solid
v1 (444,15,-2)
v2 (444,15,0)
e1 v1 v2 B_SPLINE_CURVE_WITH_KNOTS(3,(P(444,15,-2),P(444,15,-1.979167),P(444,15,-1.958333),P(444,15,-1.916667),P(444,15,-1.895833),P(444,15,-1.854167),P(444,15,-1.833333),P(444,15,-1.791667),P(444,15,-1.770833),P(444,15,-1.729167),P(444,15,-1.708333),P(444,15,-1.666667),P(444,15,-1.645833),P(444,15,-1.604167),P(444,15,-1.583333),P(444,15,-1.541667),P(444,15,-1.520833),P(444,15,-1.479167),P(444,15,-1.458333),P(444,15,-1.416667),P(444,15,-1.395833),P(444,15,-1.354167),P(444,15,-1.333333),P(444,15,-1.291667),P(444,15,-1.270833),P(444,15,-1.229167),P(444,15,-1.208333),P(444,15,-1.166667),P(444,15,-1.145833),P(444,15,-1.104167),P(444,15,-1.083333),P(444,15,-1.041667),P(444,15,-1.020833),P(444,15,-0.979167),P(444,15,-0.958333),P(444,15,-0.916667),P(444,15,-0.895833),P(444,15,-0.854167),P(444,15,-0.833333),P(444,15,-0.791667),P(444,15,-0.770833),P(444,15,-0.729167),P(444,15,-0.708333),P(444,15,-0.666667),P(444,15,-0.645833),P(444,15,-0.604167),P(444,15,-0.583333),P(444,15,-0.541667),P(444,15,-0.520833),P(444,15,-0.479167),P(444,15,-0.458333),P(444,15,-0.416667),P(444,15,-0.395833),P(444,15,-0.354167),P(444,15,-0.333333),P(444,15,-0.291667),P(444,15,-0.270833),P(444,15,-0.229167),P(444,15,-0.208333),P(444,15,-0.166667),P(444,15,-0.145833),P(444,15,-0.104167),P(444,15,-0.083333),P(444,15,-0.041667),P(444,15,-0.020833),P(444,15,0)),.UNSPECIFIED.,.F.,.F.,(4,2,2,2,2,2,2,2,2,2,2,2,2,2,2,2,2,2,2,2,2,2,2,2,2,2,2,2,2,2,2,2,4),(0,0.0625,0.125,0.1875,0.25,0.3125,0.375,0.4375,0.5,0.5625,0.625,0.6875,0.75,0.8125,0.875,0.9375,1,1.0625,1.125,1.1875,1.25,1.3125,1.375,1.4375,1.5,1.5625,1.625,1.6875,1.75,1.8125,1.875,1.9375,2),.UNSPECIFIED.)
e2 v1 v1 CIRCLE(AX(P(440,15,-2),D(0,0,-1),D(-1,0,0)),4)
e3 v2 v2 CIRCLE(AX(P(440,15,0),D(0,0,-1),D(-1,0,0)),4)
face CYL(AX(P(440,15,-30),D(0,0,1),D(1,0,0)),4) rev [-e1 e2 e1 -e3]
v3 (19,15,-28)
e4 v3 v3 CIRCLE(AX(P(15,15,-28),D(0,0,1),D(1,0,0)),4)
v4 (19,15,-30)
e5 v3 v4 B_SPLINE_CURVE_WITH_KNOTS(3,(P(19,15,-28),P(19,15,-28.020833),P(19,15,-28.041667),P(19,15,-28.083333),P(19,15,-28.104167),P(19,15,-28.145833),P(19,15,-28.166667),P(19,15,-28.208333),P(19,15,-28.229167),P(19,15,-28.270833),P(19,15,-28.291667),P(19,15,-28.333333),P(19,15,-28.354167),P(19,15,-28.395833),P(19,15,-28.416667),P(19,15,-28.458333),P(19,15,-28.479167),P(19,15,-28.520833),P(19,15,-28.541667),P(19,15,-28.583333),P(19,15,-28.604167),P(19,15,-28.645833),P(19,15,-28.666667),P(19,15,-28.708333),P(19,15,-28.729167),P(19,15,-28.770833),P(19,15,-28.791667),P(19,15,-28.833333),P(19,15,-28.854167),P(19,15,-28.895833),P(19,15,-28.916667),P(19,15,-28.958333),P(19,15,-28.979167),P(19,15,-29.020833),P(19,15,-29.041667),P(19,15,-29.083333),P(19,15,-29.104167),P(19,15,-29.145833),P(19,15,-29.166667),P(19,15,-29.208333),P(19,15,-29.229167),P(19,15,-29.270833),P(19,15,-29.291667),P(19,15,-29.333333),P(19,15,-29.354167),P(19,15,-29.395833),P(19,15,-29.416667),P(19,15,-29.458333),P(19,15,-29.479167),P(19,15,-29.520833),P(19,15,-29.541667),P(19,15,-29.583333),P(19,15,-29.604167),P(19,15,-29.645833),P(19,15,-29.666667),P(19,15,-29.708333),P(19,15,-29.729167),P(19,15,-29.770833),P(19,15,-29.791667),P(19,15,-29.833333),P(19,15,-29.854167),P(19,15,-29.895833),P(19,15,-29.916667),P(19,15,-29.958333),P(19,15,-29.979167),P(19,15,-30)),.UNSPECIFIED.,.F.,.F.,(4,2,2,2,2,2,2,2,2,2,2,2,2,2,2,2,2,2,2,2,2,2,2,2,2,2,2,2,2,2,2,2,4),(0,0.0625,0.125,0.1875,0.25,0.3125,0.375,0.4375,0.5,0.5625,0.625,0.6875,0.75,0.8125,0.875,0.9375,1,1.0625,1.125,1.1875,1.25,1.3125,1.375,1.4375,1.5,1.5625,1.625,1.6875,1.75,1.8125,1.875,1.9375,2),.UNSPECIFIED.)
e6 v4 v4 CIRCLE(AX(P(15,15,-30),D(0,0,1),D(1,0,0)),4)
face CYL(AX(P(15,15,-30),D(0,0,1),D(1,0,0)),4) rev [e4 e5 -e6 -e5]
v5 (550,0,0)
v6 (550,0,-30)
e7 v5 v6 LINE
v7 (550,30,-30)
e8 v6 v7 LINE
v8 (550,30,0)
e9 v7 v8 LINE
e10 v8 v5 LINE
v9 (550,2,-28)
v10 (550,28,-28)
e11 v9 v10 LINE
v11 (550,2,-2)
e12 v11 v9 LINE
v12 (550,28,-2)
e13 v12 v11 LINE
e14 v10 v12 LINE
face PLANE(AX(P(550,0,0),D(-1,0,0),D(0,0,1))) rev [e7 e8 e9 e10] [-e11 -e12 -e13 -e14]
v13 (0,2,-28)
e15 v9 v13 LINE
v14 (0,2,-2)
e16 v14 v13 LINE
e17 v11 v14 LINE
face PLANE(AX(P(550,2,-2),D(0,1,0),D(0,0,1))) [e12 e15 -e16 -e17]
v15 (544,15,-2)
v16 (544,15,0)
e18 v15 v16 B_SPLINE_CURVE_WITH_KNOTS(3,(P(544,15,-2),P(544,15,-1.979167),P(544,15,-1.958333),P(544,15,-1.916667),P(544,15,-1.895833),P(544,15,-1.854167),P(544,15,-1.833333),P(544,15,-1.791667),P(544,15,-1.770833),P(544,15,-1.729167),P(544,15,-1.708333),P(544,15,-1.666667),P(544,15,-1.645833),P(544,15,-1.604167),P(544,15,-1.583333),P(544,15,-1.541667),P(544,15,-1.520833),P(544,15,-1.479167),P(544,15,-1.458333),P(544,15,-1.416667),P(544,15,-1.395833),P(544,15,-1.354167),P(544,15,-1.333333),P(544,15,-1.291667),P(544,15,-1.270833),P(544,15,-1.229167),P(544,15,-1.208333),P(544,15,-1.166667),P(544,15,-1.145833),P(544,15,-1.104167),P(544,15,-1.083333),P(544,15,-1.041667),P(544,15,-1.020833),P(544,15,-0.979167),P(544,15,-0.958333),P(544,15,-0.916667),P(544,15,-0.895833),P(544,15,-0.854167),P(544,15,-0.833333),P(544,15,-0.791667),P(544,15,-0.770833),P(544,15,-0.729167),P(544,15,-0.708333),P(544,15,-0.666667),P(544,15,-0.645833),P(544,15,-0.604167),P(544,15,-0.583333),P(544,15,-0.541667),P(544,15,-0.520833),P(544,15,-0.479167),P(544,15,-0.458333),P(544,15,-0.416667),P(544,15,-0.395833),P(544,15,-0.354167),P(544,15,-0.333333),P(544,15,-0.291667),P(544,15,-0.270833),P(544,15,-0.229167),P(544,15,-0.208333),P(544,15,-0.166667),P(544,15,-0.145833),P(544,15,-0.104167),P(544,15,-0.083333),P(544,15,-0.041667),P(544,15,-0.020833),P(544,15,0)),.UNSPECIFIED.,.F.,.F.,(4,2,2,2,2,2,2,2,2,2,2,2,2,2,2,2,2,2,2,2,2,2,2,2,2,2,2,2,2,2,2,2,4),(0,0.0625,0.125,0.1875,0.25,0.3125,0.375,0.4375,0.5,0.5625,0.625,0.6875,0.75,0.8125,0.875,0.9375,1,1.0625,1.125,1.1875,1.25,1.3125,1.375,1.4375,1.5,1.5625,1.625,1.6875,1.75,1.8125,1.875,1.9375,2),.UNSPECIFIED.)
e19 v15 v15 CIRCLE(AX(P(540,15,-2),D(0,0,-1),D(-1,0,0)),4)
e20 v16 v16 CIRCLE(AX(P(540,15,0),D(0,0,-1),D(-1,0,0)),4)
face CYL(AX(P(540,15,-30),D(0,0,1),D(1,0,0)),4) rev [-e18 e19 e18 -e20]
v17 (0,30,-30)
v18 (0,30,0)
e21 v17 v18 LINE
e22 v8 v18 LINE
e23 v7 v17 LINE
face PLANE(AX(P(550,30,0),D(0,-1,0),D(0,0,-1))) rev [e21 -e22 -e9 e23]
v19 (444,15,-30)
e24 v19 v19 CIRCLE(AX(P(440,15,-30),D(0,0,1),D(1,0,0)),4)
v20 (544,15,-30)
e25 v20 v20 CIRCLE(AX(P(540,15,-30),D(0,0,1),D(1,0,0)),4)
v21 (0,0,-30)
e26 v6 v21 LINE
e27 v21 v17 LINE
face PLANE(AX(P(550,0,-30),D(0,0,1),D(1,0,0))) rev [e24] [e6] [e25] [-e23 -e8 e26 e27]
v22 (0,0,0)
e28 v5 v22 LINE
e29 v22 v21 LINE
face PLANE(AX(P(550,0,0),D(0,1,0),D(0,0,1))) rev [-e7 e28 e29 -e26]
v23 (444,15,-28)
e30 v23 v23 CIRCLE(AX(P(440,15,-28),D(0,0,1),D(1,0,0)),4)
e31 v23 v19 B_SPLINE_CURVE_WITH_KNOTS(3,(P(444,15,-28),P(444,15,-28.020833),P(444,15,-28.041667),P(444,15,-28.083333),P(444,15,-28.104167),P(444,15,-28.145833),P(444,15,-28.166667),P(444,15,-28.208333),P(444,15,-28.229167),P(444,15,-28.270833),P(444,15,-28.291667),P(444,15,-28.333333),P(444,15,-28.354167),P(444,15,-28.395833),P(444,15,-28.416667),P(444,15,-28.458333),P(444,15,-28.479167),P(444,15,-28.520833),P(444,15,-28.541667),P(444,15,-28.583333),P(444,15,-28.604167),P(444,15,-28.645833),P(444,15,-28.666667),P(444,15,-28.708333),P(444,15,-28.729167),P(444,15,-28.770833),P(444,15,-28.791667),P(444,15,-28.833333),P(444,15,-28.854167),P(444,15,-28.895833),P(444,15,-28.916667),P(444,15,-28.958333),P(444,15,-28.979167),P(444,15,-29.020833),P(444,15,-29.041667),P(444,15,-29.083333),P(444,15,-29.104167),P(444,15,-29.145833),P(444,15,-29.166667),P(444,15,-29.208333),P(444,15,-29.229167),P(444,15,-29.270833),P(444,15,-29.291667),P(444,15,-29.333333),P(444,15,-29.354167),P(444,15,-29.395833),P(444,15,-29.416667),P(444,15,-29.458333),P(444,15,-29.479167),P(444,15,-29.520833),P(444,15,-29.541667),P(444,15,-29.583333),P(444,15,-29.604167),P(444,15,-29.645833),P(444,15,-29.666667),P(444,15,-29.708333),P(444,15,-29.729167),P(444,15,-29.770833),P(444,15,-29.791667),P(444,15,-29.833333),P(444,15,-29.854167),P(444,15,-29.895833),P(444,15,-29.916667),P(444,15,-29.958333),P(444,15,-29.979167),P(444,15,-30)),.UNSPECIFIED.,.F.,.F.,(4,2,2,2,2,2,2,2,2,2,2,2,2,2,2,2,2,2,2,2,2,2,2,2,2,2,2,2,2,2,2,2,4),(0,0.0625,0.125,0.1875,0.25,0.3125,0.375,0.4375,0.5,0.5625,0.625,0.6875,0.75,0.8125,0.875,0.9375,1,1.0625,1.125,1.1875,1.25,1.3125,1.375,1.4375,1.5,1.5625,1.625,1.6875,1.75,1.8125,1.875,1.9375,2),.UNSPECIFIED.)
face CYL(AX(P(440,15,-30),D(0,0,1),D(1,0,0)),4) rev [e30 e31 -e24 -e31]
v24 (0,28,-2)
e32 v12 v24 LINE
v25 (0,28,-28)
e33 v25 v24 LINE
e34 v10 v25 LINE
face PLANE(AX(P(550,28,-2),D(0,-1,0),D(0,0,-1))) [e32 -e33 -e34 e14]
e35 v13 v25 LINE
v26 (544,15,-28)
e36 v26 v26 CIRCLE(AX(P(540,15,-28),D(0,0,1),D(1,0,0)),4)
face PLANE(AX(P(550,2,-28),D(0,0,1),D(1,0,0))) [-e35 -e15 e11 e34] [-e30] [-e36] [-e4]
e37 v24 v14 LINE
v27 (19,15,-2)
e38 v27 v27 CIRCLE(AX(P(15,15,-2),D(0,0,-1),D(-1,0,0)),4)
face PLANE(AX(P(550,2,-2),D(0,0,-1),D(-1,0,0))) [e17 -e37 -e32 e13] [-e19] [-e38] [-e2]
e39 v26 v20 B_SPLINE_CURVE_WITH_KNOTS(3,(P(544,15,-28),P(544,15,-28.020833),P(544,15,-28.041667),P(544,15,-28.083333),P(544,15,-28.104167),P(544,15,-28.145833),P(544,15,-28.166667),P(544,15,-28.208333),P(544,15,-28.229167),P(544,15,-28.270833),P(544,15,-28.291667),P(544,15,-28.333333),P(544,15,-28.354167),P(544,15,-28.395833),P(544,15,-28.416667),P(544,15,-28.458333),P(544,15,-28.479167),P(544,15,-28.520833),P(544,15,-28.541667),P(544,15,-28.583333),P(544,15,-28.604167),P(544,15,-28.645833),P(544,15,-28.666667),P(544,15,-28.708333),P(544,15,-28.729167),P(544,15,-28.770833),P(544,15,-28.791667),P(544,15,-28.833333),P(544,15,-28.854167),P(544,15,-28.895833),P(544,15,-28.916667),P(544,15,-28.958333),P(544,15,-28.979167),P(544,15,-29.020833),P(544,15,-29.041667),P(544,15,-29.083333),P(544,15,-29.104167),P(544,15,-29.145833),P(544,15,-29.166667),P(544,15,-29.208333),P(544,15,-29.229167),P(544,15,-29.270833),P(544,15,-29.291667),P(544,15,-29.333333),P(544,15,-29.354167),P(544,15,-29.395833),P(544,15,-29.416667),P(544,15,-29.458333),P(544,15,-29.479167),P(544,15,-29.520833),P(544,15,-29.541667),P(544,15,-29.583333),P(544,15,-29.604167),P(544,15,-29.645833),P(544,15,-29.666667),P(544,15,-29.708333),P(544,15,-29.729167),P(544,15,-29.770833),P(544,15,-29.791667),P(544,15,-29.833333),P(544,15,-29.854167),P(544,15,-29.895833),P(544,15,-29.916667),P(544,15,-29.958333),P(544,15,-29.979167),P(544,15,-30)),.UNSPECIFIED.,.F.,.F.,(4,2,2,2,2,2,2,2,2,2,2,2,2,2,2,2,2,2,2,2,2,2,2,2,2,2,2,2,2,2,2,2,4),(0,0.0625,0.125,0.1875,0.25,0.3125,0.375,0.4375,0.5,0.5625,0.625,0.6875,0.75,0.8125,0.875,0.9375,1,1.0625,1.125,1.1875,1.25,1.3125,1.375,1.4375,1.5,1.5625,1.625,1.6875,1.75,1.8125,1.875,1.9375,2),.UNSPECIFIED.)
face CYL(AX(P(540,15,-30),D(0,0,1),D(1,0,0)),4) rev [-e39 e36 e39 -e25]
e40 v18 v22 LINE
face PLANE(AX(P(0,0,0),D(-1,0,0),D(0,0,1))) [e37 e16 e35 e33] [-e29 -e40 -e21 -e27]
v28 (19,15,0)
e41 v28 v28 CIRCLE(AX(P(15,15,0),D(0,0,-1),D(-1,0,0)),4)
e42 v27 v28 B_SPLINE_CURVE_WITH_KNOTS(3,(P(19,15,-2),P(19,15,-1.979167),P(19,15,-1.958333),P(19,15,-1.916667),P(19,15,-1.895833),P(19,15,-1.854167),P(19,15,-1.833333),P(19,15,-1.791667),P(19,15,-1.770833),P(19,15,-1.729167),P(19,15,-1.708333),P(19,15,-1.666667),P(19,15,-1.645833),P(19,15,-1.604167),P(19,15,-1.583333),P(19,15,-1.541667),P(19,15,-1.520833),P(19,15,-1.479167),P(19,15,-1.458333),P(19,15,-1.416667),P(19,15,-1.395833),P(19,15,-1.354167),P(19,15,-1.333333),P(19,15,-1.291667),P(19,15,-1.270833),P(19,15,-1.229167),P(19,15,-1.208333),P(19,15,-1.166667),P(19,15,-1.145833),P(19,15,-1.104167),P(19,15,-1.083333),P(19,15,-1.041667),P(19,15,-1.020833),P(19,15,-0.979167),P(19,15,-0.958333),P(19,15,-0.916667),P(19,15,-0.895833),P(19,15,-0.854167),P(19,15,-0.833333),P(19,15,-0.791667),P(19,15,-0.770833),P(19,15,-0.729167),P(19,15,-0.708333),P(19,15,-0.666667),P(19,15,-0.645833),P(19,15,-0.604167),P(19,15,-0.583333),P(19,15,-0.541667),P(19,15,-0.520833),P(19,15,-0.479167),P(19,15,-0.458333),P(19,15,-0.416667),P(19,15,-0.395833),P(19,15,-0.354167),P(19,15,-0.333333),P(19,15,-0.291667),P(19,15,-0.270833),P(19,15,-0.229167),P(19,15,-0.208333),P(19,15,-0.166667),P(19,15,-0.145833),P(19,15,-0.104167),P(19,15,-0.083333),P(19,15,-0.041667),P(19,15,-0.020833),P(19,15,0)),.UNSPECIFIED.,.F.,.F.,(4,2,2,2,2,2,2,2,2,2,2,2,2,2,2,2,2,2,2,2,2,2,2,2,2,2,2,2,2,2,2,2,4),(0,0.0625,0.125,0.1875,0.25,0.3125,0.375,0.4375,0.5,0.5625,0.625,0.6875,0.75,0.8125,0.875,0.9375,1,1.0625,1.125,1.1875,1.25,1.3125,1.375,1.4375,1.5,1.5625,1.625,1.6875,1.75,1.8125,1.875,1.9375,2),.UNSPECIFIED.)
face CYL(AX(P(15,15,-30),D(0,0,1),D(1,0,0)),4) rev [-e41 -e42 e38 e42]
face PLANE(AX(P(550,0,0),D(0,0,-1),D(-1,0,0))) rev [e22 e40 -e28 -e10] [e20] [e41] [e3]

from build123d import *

# Parameters (mm, degrees)
SKETCH1_W               = 30
SKETCH1_H               = 30
SKETCH1_W_2             = 26
SKETCH1_H_2             = 26
BOSS_EXTRUDE1_DEPTH     = 550
CUT_EXTRUDE1_DEPTH      = 552.633936592
CUT_EXTRUDE1_DEPTH_BACK = 552.633936592
SKETCH2_R               = 4


with BuildPart() as part:
    # Sketch1 → Boss-Extrude1 (new body)
    with BuildSketch(Plane(origin=(0, 0, 0), x_dir=(0, 0, -1), z_dir=(1, 0, 0))):
        with Locations((15, 15)):
            Rectangle(SKETCH1_W, SKETCH1_H)
        with Locations((15, 15)):
            Rectangle(SKETCH1_W_2, SKETCH1_H_2, mode=Mode.SUBTRACT)
    extrude(amount=BOSS_EXTRUDE1_DEPTH)

    # Sketch2 → Cut-Extrude1 (cut, two sides: drawn at the far end of the back side and taken through both)
    with BuildSketch(Plane.XY.offset(-CUT_EXTRUDE1_DEPTH_BACK)):
        with Locations((15, 15)):
            Circle(SKETCH2_R)
        with Locations((440, 15)):
            Circle(SKETCH2_R)
        with Locations((540, 15)):
            Circle(SKETCH2_R)
    extrude(amount=CUT_EXTRUDE1_DEPTH + CUT_EXTRUDE1_DEPTH_BACK, mode=Mode.SUBTRACT)


solid = part.part
